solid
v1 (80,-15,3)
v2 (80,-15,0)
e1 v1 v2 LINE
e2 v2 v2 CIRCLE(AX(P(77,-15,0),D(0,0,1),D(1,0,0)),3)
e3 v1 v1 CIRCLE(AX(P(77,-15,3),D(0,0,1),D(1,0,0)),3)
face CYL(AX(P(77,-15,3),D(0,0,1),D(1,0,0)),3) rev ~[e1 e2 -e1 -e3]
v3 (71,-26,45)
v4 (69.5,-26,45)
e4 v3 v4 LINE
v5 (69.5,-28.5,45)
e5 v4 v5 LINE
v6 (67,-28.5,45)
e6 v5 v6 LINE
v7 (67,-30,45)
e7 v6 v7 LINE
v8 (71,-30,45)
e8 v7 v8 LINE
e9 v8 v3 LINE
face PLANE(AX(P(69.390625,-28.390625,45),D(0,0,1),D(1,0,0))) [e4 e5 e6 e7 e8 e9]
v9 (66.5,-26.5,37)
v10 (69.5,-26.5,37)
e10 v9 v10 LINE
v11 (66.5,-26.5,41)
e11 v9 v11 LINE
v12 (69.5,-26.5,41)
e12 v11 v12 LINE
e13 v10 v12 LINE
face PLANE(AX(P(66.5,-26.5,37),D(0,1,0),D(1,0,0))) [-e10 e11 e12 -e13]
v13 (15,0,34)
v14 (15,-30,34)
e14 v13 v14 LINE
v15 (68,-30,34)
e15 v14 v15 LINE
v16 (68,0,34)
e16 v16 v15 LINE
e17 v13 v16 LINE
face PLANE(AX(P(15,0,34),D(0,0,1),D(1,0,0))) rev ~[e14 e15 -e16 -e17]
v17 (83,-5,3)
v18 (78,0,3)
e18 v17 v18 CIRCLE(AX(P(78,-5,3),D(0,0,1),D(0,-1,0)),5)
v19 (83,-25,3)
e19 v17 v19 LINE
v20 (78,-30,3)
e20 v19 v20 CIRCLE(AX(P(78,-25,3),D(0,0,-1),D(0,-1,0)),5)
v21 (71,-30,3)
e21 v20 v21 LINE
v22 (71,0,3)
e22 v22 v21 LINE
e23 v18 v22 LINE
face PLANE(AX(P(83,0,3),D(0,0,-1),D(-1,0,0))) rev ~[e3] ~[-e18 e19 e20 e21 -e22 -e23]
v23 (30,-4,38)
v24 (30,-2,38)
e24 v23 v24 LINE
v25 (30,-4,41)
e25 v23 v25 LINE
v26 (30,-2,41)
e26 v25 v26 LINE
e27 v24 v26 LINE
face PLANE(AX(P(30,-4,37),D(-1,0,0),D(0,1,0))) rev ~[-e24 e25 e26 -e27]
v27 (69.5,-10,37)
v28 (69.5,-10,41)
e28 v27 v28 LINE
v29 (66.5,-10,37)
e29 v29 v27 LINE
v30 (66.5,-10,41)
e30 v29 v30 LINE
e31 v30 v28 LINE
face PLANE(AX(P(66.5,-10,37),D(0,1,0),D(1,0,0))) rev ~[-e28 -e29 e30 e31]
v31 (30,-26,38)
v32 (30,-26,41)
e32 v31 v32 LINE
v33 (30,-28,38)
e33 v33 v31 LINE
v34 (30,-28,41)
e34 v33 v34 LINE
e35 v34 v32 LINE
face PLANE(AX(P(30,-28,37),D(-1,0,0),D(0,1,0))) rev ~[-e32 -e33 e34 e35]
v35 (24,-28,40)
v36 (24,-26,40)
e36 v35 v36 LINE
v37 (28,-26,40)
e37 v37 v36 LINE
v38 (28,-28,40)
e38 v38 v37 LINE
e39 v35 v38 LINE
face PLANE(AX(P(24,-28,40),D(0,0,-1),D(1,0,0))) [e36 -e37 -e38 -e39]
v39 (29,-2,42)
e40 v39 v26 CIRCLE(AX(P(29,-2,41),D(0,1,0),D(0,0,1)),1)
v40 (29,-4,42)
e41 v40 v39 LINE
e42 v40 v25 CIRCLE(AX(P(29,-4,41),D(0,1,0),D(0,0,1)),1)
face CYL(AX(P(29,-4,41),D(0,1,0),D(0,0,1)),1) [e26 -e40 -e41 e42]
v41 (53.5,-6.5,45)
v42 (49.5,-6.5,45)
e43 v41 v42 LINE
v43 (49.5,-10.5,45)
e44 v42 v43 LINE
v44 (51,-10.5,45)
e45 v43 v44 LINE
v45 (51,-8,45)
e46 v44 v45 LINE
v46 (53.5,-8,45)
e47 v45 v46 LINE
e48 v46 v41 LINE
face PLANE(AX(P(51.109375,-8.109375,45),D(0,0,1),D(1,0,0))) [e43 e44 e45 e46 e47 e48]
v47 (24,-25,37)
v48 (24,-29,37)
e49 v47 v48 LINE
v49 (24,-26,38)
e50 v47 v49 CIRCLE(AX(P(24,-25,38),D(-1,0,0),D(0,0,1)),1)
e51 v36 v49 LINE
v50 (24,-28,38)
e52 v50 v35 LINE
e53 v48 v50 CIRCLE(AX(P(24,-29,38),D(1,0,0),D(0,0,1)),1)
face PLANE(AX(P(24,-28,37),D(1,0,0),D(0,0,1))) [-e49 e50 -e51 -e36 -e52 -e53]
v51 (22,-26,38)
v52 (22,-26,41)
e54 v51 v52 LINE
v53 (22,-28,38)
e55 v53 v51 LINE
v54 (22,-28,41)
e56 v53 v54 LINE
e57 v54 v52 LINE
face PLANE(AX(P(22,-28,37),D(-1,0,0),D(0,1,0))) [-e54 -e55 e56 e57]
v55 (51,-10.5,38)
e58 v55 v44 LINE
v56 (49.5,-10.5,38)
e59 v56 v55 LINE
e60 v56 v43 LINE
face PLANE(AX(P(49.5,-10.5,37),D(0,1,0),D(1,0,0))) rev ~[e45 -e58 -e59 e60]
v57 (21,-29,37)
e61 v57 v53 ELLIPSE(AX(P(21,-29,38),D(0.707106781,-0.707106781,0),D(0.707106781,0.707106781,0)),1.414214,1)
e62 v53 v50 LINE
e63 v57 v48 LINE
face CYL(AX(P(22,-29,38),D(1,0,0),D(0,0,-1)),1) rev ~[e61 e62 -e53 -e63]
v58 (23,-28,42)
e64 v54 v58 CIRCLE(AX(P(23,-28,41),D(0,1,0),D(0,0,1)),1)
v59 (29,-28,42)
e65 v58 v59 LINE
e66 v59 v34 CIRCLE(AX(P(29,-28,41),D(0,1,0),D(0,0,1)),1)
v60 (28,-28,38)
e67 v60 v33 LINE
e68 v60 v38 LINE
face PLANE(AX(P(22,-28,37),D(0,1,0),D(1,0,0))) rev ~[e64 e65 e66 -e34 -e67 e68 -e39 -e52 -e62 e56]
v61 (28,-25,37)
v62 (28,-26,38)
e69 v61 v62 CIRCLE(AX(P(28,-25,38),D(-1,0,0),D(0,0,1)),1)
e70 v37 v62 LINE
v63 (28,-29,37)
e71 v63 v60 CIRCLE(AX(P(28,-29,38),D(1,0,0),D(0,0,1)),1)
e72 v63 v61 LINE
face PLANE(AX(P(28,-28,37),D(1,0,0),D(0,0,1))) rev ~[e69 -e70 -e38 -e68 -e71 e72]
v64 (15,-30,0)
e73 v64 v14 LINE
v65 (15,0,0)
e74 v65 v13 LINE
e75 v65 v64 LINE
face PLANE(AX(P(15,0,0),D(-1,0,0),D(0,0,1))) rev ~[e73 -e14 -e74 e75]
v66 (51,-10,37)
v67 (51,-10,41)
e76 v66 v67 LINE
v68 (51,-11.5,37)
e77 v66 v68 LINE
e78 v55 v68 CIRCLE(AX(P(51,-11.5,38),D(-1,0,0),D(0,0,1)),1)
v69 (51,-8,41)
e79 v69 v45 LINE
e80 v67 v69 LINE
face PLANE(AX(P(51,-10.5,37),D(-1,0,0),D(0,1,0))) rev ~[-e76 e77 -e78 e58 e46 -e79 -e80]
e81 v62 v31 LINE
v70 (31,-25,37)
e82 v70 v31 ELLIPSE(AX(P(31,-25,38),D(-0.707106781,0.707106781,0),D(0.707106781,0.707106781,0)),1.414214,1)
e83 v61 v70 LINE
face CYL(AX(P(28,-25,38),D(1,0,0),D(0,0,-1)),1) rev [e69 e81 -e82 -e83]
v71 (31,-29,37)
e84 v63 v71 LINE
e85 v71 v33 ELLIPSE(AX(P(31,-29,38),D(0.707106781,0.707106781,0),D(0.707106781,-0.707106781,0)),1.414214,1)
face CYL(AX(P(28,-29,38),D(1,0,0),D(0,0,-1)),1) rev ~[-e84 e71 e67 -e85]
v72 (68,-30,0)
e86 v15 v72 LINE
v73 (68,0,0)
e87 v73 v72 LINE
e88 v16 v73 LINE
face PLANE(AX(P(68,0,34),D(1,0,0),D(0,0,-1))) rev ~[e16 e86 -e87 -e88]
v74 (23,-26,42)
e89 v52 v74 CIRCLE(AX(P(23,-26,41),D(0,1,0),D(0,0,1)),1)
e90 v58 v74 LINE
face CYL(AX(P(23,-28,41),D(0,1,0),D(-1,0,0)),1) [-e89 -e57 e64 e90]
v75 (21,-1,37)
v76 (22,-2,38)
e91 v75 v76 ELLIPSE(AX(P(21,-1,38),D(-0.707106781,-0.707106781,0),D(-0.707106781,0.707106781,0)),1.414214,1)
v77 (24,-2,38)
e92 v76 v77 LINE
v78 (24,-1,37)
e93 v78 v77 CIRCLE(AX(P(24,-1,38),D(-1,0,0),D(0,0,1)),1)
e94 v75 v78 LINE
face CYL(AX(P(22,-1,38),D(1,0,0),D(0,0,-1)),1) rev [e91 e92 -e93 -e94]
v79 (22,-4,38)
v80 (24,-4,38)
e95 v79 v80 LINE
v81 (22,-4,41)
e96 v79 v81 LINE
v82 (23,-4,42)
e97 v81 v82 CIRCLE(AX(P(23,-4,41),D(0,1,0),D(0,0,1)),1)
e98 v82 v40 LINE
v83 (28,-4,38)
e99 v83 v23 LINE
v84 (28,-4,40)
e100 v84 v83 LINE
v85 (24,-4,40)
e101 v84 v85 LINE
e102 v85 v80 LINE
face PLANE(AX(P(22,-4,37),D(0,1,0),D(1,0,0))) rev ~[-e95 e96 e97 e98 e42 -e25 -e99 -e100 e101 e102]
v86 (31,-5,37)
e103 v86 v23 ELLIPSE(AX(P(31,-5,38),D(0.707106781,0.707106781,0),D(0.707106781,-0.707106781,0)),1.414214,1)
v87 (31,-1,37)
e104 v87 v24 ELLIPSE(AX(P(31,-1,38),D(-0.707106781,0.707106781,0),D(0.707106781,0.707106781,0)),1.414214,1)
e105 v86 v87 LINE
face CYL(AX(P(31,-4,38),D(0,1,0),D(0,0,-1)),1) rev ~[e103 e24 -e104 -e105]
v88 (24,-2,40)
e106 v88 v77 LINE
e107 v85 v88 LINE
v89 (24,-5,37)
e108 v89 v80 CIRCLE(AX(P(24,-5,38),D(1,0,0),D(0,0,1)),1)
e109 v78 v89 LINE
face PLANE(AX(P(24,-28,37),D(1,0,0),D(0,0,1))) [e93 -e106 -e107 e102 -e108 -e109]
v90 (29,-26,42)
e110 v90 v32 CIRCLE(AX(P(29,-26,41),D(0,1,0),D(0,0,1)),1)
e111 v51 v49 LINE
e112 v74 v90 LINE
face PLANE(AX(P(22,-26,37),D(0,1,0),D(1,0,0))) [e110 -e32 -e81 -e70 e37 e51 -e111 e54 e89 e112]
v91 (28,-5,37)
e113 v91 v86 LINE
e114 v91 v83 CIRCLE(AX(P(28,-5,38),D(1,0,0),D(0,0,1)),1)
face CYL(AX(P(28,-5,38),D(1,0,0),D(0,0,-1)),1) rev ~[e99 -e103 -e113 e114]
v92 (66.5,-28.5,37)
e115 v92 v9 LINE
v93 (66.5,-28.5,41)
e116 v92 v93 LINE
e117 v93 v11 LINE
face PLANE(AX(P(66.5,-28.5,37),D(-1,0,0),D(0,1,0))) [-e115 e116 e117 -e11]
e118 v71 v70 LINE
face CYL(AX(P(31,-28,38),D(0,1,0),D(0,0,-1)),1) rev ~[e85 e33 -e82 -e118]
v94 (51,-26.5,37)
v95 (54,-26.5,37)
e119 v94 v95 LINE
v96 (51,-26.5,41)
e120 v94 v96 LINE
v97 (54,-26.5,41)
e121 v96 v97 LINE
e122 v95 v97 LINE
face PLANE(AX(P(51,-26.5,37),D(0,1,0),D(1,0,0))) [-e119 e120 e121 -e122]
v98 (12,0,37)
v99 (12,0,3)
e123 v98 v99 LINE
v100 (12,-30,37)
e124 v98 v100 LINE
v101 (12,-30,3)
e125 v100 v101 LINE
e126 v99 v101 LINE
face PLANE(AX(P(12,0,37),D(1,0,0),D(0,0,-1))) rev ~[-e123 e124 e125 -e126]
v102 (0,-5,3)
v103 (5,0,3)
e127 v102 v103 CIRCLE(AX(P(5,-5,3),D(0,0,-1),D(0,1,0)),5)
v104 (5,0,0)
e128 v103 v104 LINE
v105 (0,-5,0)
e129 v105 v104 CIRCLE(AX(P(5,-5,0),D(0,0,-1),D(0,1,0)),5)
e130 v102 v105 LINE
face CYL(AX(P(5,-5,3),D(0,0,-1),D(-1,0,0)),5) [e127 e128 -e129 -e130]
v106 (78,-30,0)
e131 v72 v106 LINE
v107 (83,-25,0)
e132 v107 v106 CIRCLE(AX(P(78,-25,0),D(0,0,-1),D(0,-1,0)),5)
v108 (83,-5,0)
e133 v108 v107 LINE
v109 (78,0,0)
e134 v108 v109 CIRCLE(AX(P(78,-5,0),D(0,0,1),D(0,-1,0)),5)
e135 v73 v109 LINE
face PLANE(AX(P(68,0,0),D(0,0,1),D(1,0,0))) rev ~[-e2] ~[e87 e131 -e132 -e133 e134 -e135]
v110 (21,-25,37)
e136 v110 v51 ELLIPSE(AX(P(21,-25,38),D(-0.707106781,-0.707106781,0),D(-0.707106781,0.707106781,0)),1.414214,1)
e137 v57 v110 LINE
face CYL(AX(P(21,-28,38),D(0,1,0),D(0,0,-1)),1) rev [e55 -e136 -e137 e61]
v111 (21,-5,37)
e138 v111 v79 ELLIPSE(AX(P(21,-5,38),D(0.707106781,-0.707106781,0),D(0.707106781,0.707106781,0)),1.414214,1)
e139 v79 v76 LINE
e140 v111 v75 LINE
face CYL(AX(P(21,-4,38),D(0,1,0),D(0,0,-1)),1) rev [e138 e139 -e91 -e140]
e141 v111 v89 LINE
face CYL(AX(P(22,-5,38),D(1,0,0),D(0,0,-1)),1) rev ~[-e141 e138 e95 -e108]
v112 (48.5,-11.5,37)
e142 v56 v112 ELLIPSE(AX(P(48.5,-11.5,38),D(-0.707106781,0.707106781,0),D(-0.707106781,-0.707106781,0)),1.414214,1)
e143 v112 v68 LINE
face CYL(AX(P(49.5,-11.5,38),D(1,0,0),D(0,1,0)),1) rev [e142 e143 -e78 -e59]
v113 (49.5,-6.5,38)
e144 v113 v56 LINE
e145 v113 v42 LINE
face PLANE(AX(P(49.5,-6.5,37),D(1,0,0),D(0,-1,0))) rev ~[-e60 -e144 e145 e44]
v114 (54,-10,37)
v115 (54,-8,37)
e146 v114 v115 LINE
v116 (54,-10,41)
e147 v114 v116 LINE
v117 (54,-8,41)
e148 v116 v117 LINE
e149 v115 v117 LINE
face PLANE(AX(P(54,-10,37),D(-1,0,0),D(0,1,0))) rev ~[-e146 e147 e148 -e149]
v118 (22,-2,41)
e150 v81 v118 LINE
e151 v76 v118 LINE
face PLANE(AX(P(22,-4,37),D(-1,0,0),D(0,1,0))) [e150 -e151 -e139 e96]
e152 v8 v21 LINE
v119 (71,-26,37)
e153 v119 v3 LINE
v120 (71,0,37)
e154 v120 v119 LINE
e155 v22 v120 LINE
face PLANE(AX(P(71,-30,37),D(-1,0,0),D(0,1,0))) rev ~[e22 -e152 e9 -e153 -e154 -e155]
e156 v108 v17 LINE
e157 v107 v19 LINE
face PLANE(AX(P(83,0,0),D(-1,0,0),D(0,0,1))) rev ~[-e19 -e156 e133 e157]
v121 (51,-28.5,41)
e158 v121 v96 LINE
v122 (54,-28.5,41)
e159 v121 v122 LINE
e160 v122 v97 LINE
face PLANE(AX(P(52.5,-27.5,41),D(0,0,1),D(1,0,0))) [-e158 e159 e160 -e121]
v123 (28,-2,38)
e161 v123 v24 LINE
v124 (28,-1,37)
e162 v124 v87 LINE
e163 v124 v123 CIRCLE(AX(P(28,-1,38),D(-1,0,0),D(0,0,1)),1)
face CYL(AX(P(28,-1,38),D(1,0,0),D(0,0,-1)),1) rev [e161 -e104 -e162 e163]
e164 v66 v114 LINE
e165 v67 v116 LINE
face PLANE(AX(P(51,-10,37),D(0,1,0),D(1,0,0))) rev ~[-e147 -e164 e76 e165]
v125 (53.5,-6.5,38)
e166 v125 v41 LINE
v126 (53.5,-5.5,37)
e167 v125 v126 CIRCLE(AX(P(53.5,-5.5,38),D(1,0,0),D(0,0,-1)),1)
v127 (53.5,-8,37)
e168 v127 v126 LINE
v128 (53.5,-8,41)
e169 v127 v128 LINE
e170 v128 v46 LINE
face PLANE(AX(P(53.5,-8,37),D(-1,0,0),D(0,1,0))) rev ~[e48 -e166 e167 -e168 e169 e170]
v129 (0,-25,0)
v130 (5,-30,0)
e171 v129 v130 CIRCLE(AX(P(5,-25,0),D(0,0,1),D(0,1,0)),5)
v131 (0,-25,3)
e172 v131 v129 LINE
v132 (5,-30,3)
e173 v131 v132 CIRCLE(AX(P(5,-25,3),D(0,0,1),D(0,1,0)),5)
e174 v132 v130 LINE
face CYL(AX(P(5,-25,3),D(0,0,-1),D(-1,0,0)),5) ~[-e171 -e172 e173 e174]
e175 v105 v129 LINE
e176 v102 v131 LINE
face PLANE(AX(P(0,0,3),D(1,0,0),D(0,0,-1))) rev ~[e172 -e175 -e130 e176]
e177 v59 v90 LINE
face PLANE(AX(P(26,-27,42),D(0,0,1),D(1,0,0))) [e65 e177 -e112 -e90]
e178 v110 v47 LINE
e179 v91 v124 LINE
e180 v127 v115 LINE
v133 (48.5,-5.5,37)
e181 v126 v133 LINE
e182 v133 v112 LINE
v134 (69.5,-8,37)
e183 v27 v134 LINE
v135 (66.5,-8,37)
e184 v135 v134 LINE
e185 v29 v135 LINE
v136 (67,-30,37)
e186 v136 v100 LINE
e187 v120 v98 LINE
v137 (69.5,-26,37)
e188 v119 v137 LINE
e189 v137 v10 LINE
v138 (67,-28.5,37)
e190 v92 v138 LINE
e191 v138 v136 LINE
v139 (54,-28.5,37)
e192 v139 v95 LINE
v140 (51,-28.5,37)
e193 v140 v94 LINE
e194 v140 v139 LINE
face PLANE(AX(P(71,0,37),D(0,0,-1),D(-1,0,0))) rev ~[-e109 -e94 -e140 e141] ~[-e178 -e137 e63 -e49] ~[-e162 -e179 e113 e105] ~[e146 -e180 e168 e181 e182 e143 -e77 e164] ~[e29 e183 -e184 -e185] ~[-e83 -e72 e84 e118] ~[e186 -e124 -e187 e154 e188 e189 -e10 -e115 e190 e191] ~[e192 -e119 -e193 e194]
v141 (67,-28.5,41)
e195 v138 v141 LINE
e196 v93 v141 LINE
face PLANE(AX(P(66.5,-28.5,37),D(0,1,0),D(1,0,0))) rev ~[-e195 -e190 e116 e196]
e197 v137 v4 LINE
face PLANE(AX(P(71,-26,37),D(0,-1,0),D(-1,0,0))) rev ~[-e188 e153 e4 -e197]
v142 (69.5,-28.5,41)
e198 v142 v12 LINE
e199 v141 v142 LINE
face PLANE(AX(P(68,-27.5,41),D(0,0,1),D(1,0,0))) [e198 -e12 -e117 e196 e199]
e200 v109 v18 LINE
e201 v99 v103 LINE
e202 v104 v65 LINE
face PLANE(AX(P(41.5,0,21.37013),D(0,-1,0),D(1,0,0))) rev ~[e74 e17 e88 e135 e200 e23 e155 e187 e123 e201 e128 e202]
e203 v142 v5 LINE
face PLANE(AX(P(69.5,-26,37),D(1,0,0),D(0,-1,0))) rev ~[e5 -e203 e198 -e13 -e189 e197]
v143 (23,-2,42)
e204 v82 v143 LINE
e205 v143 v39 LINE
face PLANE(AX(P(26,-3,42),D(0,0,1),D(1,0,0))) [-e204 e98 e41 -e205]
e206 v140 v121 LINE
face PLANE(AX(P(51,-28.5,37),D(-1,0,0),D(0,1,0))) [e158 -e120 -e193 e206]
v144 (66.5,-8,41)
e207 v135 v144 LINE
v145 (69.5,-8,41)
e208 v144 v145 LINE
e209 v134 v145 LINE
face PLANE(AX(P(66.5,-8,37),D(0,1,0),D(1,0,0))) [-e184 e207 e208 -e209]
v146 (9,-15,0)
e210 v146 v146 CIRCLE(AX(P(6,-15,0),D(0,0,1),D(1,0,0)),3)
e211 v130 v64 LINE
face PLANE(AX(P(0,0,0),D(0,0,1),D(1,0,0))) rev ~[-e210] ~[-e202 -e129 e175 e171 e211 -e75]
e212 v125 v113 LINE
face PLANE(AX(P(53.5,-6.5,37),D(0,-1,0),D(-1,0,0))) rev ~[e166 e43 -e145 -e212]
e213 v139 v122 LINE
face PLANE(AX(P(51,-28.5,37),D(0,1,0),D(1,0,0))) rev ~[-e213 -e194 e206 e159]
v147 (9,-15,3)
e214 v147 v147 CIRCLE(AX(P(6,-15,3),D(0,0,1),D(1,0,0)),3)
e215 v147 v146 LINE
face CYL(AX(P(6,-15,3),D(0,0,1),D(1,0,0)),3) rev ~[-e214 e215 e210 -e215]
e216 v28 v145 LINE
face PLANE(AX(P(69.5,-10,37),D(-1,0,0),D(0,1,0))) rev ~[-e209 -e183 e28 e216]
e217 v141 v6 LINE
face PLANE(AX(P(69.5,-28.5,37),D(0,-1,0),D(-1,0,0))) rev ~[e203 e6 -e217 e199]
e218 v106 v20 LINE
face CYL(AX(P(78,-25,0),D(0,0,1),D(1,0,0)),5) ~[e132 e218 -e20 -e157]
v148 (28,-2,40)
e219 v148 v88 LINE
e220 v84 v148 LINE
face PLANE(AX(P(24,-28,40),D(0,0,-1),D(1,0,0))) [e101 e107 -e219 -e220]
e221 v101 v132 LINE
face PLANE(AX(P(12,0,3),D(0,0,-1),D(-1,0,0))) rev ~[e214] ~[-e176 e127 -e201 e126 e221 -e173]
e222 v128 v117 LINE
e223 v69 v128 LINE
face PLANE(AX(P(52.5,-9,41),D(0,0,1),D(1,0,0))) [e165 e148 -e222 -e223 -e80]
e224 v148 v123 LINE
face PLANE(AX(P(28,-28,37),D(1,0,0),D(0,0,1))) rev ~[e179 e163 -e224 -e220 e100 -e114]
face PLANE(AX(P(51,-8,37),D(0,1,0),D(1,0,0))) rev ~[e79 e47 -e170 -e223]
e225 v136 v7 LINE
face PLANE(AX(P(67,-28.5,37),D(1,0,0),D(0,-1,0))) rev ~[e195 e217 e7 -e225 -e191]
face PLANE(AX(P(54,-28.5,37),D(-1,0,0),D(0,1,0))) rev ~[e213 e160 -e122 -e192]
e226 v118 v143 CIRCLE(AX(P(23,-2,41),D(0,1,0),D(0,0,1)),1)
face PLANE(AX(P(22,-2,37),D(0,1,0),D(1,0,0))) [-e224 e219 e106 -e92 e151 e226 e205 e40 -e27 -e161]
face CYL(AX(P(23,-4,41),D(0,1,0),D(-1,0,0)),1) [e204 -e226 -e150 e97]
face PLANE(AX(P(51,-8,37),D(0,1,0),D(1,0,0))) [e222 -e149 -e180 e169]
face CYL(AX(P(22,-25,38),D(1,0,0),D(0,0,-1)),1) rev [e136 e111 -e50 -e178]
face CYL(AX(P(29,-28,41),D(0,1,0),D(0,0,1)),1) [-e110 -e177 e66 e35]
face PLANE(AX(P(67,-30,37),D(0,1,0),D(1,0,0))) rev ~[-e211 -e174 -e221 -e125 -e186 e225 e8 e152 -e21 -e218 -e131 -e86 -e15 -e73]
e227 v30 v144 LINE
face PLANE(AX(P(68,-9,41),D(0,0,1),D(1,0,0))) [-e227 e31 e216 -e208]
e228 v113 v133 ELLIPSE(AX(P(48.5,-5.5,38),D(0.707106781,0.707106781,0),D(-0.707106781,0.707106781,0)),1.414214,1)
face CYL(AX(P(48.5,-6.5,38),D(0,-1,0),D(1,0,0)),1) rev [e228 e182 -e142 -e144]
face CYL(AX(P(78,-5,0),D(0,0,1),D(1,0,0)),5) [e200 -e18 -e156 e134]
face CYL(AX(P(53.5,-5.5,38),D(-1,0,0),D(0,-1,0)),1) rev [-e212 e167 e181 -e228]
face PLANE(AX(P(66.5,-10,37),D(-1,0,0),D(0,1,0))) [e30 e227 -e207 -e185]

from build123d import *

# Parameters (mm, degrees)
F1_DEPTH  = 30
F2_R      = 3
F3_DEPTH  = 3.001
F5_DEPTH  = 8
F6_W      = 8
F6_H      = 2
F7_DEPTH  = 5
F8_W      = 3
F8_H      = 2
F9_DEPTH  = 4
F10_W     = 4
F10_H     = 3
F11_DEPTH = 28.001
F12_R     = 1
F13_R     = 5


with BuildPart() as f1:
    # F0 (on Front) → F1 (new body)
    with BuildSketch(Plane.XZ):
        Polygon((0, 3), (0, 0), (15, 0), (15, 34), (68, 34), (68, 0), (83, 0), (83, 3), (71, 3), (71, 37), (12, 37), (12, 3), align=None)
    extrude(amount=F1_DEPTH)

    # F2 (on face) → F3 (cut, through all)
    with BuildSketch(Plane.XY.offset(3)):
        with Locations((6, -15)):
            Circle(F2_R)
        with Locations((77, -15)):
            Circle(F2_R)
    extrude(amount=-F3_DEPTH, mode=Mode.SUBTRACT)

    # F4 (on face) → F5 (join)
    with BuildSketch(Plane.XY.offset(37)):
        Polygon((71, -30), (71, -26), (69.5, -26), (69.5, -28.5), (67, -28.5), (67, -30), align=None)
        Polygon((53.5, -6.5), (49.5, -6.5), (49.5, -10.5), (51, -10.5), (51, -8), (53.5, -8), align=None)
    extrude(amount=F5_DEPTH)

    # F6 (on face) → F7 (join)
    with BuildSketch(Plane.XY.offset(37)):
        with Locations((26, -3)):
            Rectangle(F6_W, F6_H)
        with Locations((26, -27)):
            Rectangle(F6_W, F6_H)
    extrude(amount=F7_DEPTH)

    # F8 (on face) → F9 (join)
    with BuildSketch(Plane.XY.offset(37)):
        with Locations((52.5, -9)):
            Rectangle(F8_W, F8_H)
        with Locations((68, -27.5)):
            Rectangle(F8_W, F8_H)
        with Locations((68, -9)):
            Rectangle(F8_W, F8_H)
        with Locations((52.5, -27.5)):
            Rectangle(F8_W, F8_H)
    extrude(amount=F9_DEPTH)

    # F10 (on face) → F11 (cut, through all)
    with BuildSketch(Plane.XZ.offset(28)):
        with Locations((26, 38.5)):
            Rectangle(F10_W, F10_H)
    extrude(amount=-F11_DEPTH, mode=Mode.SUBTRACT)

    # F12
    f12_edges = [f1.edges().sort_by_distance(p)[0] for p in [
        (30, -27, 42),
        (30, -3, 42),
        (22, -3, 42),
        (22, -27, 42),
        (22, -27, 37),
        (22, -3, 37),
        (29, -4, 37),
        (23, -4, 37),
        (30, -3, 37),
        (29, -28, 37),
        (23, -28, 37),
        (30, -27, 37),
        (29, -26, 37),
        (23, -26, 37),
        (29, -2, 37),
        (23, -2, 37),
        (51.5, -6.5, 37),
        (49.5, -8.5, 37),
        (50.25, -10.5, 37),
    ]]
    fillet(f12_edges, radius=F12_R)

    # F13
    f13_edges = [f1.edges().sort_by_distance(p)[0] for p in [
        (83, -30, 1.5),
        (83, 0, 1.5),
        (0, 0, 1.5),
        (0, -30, 1.5),
    ]]
    fillet(f13_edges, radius=F13_R)


solid = f1.part
